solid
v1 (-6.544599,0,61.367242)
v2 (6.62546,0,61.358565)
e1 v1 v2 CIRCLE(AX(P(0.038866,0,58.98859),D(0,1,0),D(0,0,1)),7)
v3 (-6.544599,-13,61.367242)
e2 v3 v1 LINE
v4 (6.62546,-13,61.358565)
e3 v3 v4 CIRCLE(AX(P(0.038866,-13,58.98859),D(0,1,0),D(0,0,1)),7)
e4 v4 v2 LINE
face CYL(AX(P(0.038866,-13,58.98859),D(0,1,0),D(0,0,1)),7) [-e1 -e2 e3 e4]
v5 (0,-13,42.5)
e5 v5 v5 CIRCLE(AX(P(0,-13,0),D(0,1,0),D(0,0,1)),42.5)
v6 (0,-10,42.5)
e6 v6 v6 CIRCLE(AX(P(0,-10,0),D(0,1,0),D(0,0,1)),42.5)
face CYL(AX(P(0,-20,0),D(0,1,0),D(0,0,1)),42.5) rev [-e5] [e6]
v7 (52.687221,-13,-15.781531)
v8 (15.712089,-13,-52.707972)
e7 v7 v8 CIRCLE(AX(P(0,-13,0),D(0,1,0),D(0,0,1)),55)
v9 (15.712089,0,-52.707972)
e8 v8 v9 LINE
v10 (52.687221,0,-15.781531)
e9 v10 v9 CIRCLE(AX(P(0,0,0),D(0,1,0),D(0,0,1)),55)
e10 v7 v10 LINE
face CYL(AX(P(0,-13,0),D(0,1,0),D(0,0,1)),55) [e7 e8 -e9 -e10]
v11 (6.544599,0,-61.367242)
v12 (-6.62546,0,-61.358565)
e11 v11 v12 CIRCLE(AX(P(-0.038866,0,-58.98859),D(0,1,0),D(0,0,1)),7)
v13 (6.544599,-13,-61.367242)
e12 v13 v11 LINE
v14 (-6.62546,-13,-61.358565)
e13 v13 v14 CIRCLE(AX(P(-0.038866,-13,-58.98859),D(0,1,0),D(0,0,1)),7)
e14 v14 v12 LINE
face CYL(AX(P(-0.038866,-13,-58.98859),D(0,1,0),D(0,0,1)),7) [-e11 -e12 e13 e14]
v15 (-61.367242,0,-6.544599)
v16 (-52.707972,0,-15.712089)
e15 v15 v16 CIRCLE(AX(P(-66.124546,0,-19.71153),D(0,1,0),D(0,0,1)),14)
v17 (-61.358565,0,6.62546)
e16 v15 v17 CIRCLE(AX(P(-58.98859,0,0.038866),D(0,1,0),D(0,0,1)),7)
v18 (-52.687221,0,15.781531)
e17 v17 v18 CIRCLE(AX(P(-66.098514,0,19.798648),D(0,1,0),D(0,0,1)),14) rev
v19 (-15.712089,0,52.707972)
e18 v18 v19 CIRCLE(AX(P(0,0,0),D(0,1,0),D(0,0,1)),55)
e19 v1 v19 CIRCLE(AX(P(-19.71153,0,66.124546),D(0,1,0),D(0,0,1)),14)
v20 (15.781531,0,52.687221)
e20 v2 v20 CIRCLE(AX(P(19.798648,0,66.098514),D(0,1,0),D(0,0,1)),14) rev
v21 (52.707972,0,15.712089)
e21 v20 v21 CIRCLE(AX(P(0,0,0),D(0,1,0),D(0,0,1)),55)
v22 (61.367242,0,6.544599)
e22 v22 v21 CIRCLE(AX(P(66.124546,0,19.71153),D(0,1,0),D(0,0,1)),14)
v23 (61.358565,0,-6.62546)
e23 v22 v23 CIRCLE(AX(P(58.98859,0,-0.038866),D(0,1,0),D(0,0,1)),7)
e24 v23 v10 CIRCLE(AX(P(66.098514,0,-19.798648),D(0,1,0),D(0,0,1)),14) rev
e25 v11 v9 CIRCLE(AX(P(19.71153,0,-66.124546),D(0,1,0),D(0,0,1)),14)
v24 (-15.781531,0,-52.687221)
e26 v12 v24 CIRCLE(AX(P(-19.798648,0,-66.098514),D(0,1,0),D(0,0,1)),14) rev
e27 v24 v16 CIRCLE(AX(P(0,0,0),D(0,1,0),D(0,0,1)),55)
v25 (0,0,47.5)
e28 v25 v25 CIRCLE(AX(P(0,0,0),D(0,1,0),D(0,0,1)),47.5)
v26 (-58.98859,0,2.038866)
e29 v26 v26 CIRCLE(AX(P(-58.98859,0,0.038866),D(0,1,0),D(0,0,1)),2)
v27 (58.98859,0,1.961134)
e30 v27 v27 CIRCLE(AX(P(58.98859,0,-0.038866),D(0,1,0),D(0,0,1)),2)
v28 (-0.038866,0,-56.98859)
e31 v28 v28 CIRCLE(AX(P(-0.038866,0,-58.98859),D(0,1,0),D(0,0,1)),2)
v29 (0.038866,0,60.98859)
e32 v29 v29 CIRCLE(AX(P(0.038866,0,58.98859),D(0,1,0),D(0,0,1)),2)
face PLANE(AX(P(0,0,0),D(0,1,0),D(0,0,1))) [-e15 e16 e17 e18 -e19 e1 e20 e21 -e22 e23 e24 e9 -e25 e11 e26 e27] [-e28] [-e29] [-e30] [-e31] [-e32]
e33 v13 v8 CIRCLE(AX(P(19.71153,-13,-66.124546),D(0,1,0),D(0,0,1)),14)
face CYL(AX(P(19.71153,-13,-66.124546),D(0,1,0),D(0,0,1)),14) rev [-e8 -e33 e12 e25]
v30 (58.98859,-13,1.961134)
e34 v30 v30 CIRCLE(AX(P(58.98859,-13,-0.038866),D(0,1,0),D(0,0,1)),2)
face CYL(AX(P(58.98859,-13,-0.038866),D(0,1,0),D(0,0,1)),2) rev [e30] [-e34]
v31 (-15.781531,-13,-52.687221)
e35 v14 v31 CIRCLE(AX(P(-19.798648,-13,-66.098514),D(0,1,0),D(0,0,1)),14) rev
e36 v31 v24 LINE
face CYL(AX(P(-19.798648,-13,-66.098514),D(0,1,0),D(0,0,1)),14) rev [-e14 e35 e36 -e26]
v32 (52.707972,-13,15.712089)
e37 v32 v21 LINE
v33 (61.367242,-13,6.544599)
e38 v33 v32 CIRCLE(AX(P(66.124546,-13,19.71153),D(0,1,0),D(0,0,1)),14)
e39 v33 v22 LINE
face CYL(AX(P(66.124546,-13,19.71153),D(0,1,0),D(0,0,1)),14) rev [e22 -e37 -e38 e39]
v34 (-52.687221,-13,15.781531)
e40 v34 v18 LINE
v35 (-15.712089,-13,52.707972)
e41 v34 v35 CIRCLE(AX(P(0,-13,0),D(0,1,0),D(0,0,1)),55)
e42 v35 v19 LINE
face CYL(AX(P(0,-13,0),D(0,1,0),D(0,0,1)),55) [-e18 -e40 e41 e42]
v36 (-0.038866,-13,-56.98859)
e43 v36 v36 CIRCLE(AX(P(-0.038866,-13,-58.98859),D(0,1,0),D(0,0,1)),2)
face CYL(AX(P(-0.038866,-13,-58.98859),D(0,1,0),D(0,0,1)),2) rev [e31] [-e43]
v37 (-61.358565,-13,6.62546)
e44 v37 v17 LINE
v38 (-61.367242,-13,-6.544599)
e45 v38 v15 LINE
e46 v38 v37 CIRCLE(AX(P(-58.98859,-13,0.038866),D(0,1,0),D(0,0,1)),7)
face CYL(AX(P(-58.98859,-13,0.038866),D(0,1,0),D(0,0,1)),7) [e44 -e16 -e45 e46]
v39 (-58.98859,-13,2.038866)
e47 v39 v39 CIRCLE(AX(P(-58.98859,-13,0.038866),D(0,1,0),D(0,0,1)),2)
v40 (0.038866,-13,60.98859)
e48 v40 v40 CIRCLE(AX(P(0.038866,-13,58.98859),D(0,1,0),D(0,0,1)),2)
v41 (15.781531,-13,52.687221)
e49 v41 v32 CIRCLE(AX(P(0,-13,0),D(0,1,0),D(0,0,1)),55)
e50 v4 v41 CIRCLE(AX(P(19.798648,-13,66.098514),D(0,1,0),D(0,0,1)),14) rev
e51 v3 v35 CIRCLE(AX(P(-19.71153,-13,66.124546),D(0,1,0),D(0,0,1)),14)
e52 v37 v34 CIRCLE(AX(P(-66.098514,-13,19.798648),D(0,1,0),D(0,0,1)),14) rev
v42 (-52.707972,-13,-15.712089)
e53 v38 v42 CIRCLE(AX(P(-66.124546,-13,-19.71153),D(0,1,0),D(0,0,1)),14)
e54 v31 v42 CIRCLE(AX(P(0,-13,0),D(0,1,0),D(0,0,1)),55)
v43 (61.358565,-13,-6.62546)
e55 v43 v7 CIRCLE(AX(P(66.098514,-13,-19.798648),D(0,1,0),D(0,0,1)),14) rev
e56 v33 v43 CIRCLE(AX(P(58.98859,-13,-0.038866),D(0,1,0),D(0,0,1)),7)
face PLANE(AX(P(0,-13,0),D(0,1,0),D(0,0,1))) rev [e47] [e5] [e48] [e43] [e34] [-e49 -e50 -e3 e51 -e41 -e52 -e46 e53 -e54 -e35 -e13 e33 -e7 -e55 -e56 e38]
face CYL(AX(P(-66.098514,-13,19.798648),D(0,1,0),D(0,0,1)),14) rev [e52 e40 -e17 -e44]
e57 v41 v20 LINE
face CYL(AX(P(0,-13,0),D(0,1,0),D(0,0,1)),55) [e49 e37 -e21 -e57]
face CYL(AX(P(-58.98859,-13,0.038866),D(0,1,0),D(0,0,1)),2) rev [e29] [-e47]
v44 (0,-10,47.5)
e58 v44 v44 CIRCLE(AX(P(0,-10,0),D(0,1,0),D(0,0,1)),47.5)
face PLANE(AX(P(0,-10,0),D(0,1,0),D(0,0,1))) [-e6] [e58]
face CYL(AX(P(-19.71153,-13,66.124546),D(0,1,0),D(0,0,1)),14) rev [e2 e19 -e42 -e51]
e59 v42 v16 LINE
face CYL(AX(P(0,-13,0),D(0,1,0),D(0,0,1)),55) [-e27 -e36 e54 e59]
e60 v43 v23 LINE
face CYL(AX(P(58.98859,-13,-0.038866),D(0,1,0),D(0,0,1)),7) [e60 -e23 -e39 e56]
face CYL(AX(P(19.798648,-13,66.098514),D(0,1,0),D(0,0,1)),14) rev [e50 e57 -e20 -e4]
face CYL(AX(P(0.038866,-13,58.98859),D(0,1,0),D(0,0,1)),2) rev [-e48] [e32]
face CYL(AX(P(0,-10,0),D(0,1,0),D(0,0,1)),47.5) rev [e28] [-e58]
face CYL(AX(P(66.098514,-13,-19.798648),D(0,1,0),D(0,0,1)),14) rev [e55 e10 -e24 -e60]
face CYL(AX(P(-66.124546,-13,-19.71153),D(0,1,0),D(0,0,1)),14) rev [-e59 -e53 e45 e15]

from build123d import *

# Parameters (mm, degrees)
SKETCH1_R           = 2
BOSS_EXTRUDE1_DEPTH = 13
SKETCH2_R           = 47.5
CUT_EXTRUDE1_DEPTH  = 10
SKETCH3_R           = 42.5
CUT_EXTRUDE2_DEPTH  = 10


with BuildPart() as part:
    # Sketch1 → Boss-Extrude1 (new body)
    # profile 1 of 4: a face of its own
    with BuildSketch(Plane(origin=(0, 0, 0), x_dir=(1, 0, 0), z_dir=(0, 1, 0))):
        with BuildLine():
            ThreePointArc((61.367242208, -6.544599037), (65.988588721, 0.043478359), (61.35856476, 6.625460242))
            ThreePointArc((61.35856476, 6.625460242), (55.933608349, 10.171878458), (52.687221143, 15.781531238))
            ThreePointArc((52.687221143, 15.781531238), (-54.999988062, -0.036238224), (52.707971563, -15.712088776))
            ThreePointArc((52.707971563, -15.712088776), (55.946963812, -10.098162928), (61.367242208, -6.544599037))
        make_face()
        with Locations(Location((58.98859024, 0.038866222, 0), (0, 0, 270))):
            Circle(SKETCH1_R, mode=Mode.SUBTRACT)
    # profile 2 of 4: a face of its own
    with BuildSketch(Plane(origin=(0, 0, 0), x_dir=(1, 0, 0), z_dir=(0, 1, 0))):
        with BuildLine():
            ThreePointArc((6.625460242, -61.35856476), (10.171878458, -55.933608349), (15.781531238, -52.687221143))
            ThreePointArc((15.781531238, -52.687221143), (0.036238224, -54.999988062), (-15.712088776, -52.707971563))
            ThreePointArc((-15.712088776, -52.707971563), (-10.098162928, -55.946963812), (-6.544599037, -61.367242208))
            ThreePointArc((-6.544599037, -61.367242208), (0.043478359, -65.988588721), (6.625460242, -61.35856476))
        make_face()
        with Locations(Location((0.038866222, -58.98859024, 0), (0, 0, 270))):
            Circle(SKETCH1_R, mode=Mode.SUBTRACT)
    # profile 3 of 4: a face of its own
    with BuildSketch(Plane(origin=(0, 0, 0), x_dir=(1, 0, 0), z_dir=(0, 1, 0))):
        with BuildLine():
            ThreePointArc((-52.687221143, -15.781531238), (-54.999988062, -0.036238224), (-52.707971563, 15.712088776))
            ThreePointArc((-52.707971563, 15.712088776), (-55.946963812, 10.098162928), (-61.367242208, 6.544599037))
            ThreePointArc((-61.367242208, 6.544599037), (-65.988588721, -0.043478359), (-61.35856476, -6.625460242))
            ThreePointArc((-61.35856476, -6.625460242), (-55.933608349, -10.171878458), (-52.687221143, -15.781531238))
        make_face()
        with Locations(Location((-58.98859024, -0.038866222, 0), (0, 0, 270))):
            Circle(SKETCH1_R, mode=Mode.SUBTRACT)
    # profile 4 of 4: a face of its own
    with BuildSketch(Plane(origin=(0, 0, 0), x_dir=(1, 0, 0), z_dir=(0, 1, 0))):
        with BuildLine():
            ThreePointArc((-15.781531238, 52.687221143), (-0.036238224, 54.999988062), (15.712088776, 52.707971563))
            ThreePointArc((15.712088776, 52.707971563), (10.098162928, 55.946963812), (6.544599037, 61.367242208))
            ThreePointArc((6.544599037, 61.367242208), (-0.043478359, 65.988588721), (-6.625460242, 61.35856476))
            ThreePointArc((-6.625460242, 61.35856476), (-10.171878458, 55.933608349), (-15.781531238, 52.687221143))
        make_face()
        with Locations(Location((-0.038866222, 58.98859024, 0), (0, 0, 270))):
            Circle(SKETCH1_R, mode=Mode.SUBTRACT)
    extrude(amount=-BOSS_EXTRUDE1_DEPTH)

    # Sketch2 → Cut-Extrude1 (cut)
    with BuildSketch(Plane(origin=(0, 0, 0), x_dir=(1, 0, 0), z_dir=(0, 1, 0))):
        with Locations(Location((0, 0, 0), (0, 0, 270))):
            Circle(SKETCH2_R)
    extrude(amount=-CUT_EXTRUDE1_DEPTH, mode=Mode.SUBTRACT)

    # Sketch3 → Cut-Extrude2 (cut)
    with BuildSketch(Plane(origin=(0, -10, 0), x_dir=(1, 0, 0), z_dir=(0, 1, 0))):
        with Locations(Location((0, 0, 0), (0, 0, 270))):
            Circle(SKETCH3_R)
    extrude(amount=-CUT_EXTRUDE2_DEPTH, mode=Mode.SUBTRACT)


solid = part.part
